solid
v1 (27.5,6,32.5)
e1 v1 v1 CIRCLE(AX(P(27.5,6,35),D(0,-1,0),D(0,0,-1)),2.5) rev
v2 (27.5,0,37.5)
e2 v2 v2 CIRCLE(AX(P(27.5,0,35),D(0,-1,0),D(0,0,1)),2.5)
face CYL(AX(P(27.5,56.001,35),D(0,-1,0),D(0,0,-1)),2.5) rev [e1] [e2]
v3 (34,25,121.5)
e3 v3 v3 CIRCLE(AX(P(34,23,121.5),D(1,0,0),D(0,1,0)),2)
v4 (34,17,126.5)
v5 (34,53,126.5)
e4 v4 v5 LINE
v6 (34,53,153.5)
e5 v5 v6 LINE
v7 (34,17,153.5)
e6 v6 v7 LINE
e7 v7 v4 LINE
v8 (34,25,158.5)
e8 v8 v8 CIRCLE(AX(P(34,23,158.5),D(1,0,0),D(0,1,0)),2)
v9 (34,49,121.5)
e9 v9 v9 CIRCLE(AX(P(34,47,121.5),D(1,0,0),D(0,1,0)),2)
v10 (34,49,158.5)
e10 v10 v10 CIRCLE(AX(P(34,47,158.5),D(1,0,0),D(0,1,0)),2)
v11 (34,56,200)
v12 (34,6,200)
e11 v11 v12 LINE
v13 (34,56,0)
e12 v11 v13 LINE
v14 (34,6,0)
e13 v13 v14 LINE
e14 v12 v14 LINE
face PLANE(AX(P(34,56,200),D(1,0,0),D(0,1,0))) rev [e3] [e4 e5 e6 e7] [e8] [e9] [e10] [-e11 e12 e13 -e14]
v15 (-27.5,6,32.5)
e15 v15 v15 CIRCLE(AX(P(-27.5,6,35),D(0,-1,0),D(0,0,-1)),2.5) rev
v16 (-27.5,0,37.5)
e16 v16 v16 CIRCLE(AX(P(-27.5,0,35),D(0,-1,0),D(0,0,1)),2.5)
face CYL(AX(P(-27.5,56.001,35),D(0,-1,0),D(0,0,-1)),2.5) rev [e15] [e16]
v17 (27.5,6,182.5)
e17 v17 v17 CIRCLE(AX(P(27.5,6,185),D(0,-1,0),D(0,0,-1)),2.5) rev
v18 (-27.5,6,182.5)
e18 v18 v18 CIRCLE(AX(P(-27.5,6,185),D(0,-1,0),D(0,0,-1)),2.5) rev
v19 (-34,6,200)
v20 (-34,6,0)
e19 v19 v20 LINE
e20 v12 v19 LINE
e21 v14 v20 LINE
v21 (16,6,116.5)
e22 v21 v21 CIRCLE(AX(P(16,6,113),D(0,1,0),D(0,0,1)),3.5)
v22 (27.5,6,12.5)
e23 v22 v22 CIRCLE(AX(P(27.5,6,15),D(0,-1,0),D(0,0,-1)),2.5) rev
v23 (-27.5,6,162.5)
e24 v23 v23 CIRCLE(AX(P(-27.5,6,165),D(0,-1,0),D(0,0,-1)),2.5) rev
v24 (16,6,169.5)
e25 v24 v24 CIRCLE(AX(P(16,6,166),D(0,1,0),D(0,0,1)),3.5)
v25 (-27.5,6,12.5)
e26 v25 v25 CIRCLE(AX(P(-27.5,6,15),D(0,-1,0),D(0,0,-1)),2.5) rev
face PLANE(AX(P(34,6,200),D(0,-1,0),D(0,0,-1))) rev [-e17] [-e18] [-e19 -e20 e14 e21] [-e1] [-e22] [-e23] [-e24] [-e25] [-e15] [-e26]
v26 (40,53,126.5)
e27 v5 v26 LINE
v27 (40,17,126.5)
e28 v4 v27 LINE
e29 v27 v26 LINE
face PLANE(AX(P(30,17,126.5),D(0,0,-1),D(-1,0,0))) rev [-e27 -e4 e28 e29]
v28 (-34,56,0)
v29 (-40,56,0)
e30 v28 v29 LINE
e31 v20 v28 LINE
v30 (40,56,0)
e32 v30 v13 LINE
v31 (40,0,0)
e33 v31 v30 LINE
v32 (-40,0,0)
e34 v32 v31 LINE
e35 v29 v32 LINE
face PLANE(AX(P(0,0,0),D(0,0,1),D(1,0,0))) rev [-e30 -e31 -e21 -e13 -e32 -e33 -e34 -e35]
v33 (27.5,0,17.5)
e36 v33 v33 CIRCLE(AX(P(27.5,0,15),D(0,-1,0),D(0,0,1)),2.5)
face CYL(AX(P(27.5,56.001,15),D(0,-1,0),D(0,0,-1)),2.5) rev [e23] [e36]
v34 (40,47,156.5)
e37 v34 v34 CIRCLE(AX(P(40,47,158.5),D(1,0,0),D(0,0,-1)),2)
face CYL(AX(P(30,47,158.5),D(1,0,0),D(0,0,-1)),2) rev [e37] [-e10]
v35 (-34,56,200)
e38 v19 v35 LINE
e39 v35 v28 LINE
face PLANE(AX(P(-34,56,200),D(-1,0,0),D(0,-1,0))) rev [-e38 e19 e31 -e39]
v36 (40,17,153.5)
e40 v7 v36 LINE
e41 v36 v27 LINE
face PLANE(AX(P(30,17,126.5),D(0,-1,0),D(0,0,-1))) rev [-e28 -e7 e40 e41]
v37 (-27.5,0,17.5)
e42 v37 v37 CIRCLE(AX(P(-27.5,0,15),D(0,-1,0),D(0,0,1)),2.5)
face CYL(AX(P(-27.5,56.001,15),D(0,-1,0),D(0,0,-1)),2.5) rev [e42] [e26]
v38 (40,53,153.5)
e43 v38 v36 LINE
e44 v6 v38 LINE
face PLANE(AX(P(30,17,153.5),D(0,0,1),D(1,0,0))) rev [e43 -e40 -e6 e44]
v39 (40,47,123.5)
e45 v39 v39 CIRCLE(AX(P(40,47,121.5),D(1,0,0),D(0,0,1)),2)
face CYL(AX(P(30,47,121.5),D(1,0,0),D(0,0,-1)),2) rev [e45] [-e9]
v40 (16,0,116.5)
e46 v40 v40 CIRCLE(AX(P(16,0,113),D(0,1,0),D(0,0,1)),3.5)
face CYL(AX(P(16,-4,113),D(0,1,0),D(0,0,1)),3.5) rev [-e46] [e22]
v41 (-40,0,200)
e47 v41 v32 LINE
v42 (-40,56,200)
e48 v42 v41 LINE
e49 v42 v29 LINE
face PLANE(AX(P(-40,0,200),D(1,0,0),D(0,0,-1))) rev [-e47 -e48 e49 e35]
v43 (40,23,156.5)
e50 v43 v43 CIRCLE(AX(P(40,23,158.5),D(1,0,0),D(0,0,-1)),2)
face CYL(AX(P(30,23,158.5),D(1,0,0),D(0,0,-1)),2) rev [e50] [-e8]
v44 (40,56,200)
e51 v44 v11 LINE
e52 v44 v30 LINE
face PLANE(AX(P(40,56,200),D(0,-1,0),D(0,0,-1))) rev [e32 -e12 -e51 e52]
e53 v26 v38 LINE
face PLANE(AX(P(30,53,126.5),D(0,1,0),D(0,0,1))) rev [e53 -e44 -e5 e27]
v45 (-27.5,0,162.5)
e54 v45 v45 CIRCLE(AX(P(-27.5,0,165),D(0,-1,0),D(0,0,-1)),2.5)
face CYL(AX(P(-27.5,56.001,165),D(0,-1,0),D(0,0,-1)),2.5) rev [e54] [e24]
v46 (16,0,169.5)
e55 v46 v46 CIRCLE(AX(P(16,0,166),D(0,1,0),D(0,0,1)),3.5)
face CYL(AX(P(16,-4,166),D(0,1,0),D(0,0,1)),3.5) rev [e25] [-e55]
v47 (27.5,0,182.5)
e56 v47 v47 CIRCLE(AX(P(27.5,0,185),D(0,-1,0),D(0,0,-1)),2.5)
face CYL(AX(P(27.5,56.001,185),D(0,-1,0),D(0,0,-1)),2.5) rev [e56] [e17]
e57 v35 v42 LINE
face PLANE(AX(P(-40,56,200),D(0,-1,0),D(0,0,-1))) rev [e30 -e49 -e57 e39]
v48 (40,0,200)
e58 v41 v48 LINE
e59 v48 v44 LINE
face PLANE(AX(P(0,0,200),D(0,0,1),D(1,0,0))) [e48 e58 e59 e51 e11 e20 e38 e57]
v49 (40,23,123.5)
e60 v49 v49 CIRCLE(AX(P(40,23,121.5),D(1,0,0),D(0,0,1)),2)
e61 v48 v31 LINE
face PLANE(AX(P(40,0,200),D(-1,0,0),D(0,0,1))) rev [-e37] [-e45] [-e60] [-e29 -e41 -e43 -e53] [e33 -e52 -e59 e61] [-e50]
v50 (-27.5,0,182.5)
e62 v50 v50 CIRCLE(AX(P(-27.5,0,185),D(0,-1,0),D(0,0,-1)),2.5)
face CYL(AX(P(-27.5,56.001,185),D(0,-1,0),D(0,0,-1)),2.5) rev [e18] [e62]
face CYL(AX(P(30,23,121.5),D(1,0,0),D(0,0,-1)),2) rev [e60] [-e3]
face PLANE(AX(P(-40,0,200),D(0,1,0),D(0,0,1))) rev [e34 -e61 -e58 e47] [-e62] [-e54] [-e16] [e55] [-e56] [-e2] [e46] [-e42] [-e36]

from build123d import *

# Parameters (mm, degrees)
EXTRUDE_1_DEPTH     = 200
CUT_EXTRUDE_2_REACH = 58
SKETCH_4_R          = 2.5
SKETCH_8_R          = 2
SKETCH_8_W          = 27
SKETCH_8_H          = 36
CUT_EXTRUDE_5_DEPTH = 10
SKETCH_9_R          = 3.5
CUT_EXTRUDE_6_DEPTH = 10
SKETCH_10_R         = 3.500000002
SKETCH_10_R_2       = 3.5
CUT_EXTRUDE_7_DEPTH = 10


with BuildPart() as part:
    # 草图1 → 凸台-拉伸1 (new body)
    with BuildSketch(Plane.XY):
        Polygon((-40, 0), (40, 0), (40, 56), (34, 56), (34, 6), (-34, 6), (-34, 56), (-40, 56), align=None)
    extrude(amount=EXTRUDE_1_DEPTH)

    # 草图4 → 切除-拉伸2 (cut, up to next)
    with BuildSketch(Plane.XZ, mode=Mode.PRIVATE) as cut_extrude_2_sk1:
        with Locations((-27.5, 185)):
            Circle(SKETCH_4_R)
    cut_extrude_2_tool1 = extrude(cut_extrude_2_sk1.sketch, amount=-CUT_EXTRUDE_2_REACH, mode=Mode.PRIVATE) & part.part
    add(cut_extrude_2_tool1.solids().sort_by_distance((-27.5, 0, 185))[0], mode=Mode.SUBTRACT)
    # 草图4 → 切除-拉伸2 (cut, up to next)
    with BuildSketch(Plane.XZ, mode=Mode.PRIVATE) as cut_extrude_2_sk2:
        with Locations((27.5, 185)):
            Circle(SKETCH_4_R)
    cut_extrude_2_tool2 = extrude(cut_extrude_2_sk2.sketch, amount=-CUT_EXTRUDE_2_REACH, mode=Mode.PRIVATE) & part.part
    add(cut_extrude_2_tool2.solids().sort_by_distance((27.5, 0, 185))[0], mode=Mode.SUBTRACT)
    # 草图4 → 切除-拉伸2 (cut, up to next)
    with BuildSketch(Plane.XZ, mode=Mode.PRIVATE) as cut_extrude_2_sk3:
        with Locations((-27.5, 165)):
            Circle(SKETCH_4_R)
    cut_extrude_2_tool3 = extrude(cut_extrude_2_sk3.sketch, amount=-CUT_EXTRUDE_2_REACH, mode=Mode.PRIVATE) & part.part
    add(cut_extrude_2_tool3.solids().sort_by_distance((-27.5, 0, 165))[0], mode=Mode.SUBTRACT)
    # 草图4 → 切除-拉伸2 (cut, up to next)
    with BuildSketch(Plane.XZ, mode=Mode.PRIVATE) as cut_extrude_2_sk4:
        with Locations((27.5, 35)):
            Circle(SKETCH_4_R)
    cut_extrude_2_tool4 = extrude(cut_extrude_2_sk4.sketch, amount=-CUT_EXTRUDE_2_REACH, mode=Mode.PRIVATE) & part.part
    add(cut_extrude_2_tool4.solids().sort_by_distance((27.5, 0, 35))[0], mode=Mode.SUBTRACT)
    # 草图4 → 切除-拉伸2 (cut, up to next)
    with BuildSketch(Plane.XZ, mode=Mode.PRIVATE) as cut_extrude_2_sk5:
        with Locations((-27.5, 35)):
            Circle(SKETCH_4_R)
    cut_extrude_2_tool5 = extrude(cut_extrude_2_sk5.sketch, amount=-CUT_EXTRUDE_2_REACH, mode=Mode.PRIVATE) & part.part
    add(cut_extrude_2_tool5.solids().sort_by_distance((-27.5, 0, 35))[0], mode=Mode.SUBTRACT)
    # 草图4 → 切除-拉伸2 (cut, up to next)
    with BuildSketch(Plane.XZ, mode=Mode.PRIVATE) as cut_extrude_2_sk6:
        with Locations((27.5, 15)):
            Circle(SKETCH_4_R)
    cut_extrude_2_tool6 = extrude(cut_extrude_2_sk6.sketch, amount=-CUT_EXTRUDE_2_REACH, mode=Mode.PRIVATE) & part.part
    add(cut_extrude_2_tool6.solids().sort_by_distance((27.5, 0, 15))[0], mode=Mode.SUBTRACT)
    # 草图4 → 切除-拉伸2 (cut, up to next)
    with BuildSketch(Plane.XZ, mode=Mode.PRIVATE) as cut_extrude_2_sk7:
        with Locations((-27.5, 15)):
            Circle(SKETCH_4_R)
    cut_extrude_2_tool7 = extrude(cut_extrude_2_sk7.sketch, amount=-CUT_EXTRUDE_2_REACH, mode=Mode.PRIVATE) & part.part
    add(cut_extrude_2_tool7.solids().sort_by_distance((-27.5, 0, 15))[0], mode=Mode.SUBTRACT)

    # 草图8 → 切除-拉伸5 (cut)
    with BuildSketch(Plane(origin=(40, 0, 0), x_dir=(0, 0, -1), z_dir=(1, 0, 0))):
        with Locations((-121.5, 23)):
            Circle(SKETCH_8_R)
        with Locations((-121.5, 47)):
            Circle(SKETCH_8_R)
        with Locations((-158.5, 47)):
            Circle(SKETCH_8_R)
        with Locations((-158.5, 23)):
            Circle(SKETCH_8_R)
        with Locations((-140, 35)):
            Rectangle(SKETCH_8_W, SKETCH_8_H)
    extrude(amount=-CUT_EXTRUDE_5_DEPTH, mode=Mode.SUBTRACT)

    # 草图9 → 切除-拉伸6 (cut)
    with BuildSketch(Plane(origin=(0, 6, 0), x_dir=(1, 0, 0), z_dir=(0, 1, 0))):
        with Locations((15.999999998, -166)):
            Circle(SKETCH_9_R)
    extrude(amount=-CUT_EXTRUDE_6_DEPTH, mode=Mode.SUBTRACT)

    # 草图10 → 切除-拉伸7 (cut)
    with BuildSketch(Plane(origin=(0, 6, 0), x_dir=(1, 0, 0), z_dir=(0, 1, 0))):
        with Locations((15.999999998, -113)):
            Circle(SKETCH_10_R)
        with Locations((15.999999998, -166)):
            Circle(SKETCH_10_R_2)
    extrude(amount=-CUT_EXTRUDE_7_DEPTH, mode=Mode.SUBTRACT)


solid = part.part
